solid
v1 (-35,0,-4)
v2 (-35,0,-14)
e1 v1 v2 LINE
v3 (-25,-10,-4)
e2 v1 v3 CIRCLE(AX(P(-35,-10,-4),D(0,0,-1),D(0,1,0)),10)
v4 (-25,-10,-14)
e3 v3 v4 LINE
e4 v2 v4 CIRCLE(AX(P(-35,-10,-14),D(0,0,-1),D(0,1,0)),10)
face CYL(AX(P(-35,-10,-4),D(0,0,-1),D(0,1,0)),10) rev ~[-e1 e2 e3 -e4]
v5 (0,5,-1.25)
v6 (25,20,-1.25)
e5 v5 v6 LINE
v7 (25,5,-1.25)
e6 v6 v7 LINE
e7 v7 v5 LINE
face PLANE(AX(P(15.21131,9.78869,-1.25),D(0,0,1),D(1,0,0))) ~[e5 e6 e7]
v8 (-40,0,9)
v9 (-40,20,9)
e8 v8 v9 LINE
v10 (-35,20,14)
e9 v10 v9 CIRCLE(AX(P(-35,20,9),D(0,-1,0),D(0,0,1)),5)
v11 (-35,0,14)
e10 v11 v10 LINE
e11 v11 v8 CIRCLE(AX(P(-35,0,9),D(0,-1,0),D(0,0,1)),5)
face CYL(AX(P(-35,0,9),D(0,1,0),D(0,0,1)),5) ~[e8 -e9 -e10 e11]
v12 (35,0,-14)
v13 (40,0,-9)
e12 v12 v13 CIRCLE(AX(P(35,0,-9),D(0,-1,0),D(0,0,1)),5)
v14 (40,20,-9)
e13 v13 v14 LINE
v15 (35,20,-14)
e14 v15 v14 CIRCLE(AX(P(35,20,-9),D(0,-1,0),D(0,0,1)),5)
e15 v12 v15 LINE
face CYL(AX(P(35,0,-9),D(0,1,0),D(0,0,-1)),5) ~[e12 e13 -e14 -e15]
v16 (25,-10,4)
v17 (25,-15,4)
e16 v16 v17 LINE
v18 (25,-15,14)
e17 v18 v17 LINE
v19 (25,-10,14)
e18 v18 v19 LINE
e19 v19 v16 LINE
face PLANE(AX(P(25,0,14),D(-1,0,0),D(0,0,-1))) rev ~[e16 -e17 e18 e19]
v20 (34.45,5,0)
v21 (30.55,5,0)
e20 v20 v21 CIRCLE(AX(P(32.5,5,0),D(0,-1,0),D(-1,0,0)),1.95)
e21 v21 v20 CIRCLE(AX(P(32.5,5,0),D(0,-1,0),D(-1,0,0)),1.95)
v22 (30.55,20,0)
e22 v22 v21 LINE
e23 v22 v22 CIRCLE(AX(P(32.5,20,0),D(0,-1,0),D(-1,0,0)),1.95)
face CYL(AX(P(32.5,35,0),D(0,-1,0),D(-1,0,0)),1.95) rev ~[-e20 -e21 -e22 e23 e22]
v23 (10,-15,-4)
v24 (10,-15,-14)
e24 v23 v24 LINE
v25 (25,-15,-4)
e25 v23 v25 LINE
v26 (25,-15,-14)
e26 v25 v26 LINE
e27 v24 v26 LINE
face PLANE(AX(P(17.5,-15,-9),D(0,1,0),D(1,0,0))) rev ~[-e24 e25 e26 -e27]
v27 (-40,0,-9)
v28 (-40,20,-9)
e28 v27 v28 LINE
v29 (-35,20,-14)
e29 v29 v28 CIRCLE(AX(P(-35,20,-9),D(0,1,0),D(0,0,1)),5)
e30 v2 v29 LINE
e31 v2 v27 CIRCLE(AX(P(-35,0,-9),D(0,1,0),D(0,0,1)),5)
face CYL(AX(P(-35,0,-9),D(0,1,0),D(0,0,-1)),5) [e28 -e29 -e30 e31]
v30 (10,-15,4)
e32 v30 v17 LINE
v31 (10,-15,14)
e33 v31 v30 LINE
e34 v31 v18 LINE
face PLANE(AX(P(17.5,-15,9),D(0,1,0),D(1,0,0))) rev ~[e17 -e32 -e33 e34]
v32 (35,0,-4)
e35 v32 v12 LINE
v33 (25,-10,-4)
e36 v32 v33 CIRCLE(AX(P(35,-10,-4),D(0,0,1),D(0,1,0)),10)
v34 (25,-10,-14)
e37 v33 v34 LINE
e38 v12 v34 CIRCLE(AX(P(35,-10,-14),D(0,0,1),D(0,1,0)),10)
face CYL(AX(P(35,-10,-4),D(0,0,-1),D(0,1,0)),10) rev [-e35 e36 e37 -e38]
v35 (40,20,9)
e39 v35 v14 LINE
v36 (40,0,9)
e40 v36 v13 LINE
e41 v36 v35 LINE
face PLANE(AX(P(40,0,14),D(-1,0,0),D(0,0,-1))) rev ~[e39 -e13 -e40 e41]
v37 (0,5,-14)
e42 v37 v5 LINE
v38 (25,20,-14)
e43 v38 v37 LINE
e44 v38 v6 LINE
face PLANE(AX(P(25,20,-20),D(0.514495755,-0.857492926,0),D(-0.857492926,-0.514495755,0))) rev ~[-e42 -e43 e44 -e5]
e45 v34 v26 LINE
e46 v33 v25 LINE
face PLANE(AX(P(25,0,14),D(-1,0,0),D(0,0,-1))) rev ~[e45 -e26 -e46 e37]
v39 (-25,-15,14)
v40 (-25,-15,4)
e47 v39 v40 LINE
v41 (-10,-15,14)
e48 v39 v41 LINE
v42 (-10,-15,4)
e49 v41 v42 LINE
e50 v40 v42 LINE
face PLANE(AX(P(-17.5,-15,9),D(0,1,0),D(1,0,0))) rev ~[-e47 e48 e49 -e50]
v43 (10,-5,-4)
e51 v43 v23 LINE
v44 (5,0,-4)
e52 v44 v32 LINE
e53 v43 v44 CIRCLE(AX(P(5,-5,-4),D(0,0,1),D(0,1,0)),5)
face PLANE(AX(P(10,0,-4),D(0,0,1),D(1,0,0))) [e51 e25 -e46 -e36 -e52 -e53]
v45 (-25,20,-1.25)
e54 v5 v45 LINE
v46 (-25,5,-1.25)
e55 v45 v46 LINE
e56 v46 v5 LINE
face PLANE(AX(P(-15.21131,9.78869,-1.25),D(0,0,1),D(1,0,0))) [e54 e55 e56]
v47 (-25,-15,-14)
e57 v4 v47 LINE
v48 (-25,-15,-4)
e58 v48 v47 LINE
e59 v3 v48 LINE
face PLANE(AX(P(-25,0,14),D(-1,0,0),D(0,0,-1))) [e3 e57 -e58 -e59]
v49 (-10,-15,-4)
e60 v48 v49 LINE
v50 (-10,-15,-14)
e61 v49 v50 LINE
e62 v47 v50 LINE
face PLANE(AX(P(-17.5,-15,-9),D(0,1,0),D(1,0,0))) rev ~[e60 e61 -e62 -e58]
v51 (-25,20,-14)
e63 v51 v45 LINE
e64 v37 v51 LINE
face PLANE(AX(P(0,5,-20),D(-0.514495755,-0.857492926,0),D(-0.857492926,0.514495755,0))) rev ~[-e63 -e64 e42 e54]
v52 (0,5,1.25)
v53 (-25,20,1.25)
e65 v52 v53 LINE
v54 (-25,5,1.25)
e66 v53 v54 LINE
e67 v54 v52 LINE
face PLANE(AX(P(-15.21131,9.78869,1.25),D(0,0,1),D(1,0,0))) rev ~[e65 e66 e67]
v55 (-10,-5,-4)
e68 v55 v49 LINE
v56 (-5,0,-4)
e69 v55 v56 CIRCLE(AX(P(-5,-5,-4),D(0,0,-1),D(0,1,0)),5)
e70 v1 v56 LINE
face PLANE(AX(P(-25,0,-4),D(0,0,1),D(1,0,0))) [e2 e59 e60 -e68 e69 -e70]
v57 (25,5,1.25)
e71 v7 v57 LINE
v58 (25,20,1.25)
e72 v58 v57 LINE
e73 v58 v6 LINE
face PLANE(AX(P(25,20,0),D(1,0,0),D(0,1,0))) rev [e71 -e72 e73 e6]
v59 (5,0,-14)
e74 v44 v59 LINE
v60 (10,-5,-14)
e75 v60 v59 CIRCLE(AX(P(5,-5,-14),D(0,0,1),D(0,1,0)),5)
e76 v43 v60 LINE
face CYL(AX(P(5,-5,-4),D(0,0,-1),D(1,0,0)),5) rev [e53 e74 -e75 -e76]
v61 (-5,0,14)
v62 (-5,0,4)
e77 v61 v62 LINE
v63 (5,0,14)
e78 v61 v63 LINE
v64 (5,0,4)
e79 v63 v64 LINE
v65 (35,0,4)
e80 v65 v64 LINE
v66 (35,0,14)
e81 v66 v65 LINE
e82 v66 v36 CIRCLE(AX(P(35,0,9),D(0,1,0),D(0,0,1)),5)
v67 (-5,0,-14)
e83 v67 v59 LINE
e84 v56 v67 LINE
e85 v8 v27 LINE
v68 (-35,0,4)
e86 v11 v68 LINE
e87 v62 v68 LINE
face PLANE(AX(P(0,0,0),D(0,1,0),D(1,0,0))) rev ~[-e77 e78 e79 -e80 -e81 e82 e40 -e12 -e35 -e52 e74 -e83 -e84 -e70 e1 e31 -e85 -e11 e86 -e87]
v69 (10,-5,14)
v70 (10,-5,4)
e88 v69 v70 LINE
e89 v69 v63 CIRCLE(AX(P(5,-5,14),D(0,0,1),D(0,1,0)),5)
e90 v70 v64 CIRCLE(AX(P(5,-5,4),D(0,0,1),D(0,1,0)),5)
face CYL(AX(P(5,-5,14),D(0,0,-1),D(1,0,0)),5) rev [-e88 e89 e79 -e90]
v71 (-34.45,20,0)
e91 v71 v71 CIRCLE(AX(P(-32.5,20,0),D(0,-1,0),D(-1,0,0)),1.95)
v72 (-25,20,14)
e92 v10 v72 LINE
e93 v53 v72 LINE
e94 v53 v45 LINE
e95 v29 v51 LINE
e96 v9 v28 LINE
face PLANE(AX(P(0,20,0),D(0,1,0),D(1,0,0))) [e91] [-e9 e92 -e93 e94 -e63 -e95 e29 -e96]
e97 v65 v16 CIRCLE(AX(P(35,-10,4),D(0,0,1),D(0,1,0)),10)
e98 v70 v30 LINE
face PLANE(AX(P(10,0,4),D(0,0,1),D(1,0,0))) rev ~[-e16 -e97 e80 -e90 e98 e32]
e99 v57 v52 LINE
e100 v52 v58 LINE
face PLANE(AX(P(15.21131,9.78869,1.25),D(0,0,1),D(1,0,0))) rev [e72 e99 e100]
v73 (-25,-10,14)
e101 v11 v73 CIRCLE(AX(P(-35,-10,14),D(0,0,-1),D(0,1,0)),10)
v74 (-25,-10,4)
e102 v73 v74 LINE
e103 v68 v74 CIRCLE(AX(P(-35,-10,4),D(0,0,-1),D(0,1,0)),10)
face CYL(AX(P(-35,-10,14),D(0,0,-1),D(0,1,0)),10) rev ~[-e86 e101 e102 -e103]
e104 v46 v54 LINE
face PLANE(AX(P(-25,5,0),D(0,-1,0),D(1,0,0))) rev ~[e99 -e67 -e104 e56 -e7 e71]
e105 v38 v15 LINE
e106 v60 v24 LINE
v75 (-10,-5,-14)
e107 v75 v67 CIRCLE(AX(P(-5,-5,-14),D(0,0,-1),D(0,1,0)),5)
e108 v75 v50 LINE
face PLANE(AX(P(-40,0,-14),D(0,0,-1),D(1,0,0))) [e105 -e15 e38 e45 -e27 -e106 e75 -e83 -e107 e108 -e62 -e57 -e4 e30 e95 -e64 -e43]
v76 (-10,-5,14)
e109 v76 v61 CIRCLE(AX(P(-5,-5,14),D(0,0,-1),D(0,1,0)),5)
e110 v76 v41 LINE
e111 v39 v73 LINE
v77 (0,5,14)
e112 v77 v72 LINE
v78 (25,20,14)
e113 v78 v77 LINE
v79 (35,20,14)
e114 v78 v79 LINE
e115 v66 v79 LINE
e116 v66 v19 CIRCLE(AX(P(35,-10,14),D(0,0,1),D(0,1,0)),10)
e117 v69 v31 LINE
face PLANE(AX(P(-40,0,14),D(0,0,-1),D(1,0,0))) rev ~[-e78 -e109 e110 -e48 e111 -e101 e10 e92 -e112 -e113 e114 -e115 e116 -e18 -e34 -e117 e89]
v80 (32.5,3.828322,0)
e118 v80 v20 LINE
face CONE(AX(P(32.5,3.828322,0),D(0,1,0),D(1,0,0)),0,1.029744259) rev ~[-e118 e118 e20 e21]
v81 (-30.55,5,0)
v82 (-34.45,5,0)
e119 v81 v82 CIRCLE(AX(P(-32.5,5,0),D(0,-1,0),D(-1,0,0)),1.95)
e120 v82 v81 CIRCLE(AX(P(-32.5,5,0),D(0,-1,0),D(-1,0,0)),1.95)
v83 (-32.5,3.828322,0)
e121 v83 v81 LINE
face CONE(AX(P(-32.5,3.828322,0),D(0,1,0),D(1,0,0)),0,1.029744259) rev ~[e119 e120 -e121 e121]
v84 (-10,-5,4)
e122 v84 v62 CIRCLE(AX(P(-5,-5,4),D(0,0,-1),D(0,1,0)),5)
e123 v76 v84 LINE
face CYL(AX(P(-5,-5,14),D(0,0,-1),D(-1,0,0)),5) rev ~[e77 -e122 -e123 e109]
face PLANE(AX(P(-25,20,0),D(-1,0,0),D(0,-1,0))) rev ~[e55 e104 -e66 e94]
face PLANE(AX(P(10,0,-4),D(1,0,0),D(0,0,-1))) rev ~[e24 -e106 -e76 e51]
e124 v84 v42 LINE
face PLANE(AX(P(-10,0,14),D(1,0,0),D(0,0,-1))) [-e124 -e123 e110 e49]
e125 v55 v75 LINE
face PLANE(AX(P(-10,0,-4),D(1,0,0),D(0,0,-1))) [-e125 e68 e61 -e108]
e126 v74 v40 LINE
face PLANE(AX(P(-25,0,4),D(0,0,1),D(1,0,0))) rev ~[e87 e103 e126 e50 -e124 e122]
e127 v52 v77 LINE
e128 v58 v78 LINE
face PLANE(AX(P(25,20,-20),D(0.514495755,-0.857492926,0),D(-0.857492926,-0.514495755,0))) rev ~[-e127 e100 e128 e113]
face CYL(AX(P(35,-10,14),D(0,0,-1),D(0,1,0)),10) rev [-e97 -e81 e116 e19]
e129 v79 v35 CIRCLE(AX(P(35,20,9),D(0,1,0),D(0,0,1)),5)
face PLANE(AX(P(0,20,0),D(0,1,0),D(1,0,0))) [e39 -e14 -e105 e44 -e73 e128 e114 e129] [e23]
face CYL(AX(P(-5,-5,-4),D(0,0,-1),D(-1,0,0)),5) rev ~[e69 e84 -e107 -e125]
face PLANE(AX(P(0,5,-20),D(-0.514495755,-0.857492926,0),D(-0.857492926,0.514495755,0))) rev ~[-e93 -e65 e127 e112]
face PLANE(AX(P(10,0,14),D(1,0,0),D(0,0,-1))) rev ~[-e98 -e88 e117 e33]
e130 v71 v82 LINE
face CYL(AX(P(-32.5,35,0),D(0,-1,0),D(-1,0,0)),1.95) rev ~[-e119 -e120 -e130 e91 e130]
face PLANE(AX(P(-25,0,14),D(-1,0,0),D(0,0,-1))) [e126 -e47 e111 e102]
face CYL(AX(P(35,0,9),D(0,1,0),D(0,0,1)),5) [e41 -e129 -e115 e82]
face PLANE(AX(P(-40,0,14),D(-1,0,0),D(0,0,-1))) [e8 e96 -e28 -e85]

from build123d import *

# Parameters (mm, degrees)
SKETCH1_W                  = 15
SKETCH1_H                  = 10
BOSS_EXTRUDE1_DEPTH        = 15
BOSS_EXTRUDE1_2_DEPTH      = 15
BOSS_EXTRUDE1_3_DEPTH      = 15
BOSS_EXTRUDE1_4_DEPTH      = 15
SKETCH2_W                  = 50
SKETCH2_H                  = 28
BOSS_EXTRUDE2_DEPTH        = 5
SKETCH4_W                  = 80
SKETCH4_H                  = 28
BOSS_EXTRUDE3_DEPTH        = 20
CUT_EXTRUDE1_DEPTH         = 20
CUT_EXTRUDE1_DEPTH_BACK    = 20
CUT_EXTRUDE2_DEPTH         = 1.25
M3_5_CLEARANCE_HOLE1_D     = 3.9
M3_5_CLEARANCE_HOLE1_DEPTH = 15
M3_5_CLEARANCE_HOLE1_TIP   = 1.171678207
FILLET1_R                  = 10
FILLET2_R                  = 5
FILLET3_R                  = 5


with BuildPart() as part:
    # Sketch1 → Boss-Extrude1 (new body)
    with BuildSketch(Plane(origin=(0, 0, 0), x_dir=(1, 0, 0), z_dir=(0, 1, 0))):
        with Locations((-17.5, 9)):
            Rectangle(SKETCH1_W, SKETCH1_H)
    extrude(amount=-BOSS_EXTRUDE1_DEPTH)



with BuildPart() as body_2:
    # Sketch1 → Boss-Extrude1 2 (new body)
    with BuildSketch(Plane(origin=(0, 0, 0), x_dir=(1, 0, 0), z_dir=(0, 1, 0))):
        with Locations((17.5, 9)):
            Rectangle(SKETCH1_W, SKETCH1_H)
    extrude(amount=-BOSS_EXTRUDE1_2_DEPTH)


with BuildPart() as body_3:
    # Sketch1 → Boss-Extrude1 3 (new body)
    with BuildSketch(Plane(origin=(0, 0, 0), x_dir=(1, 0, 0), z_dir=(0, 1, 0))):
        with Locations((17.5, -9)):
            Rectangle(SKETCH1_W, SKETCH1_H)
    extrude(amount=-BOSS_EXTRUDE1_3_DEPTH)


with BuildPart() as body_4:
    # Sketch1 → Boss-Extrude1 4 (new body)
    with BuildSketch(Plane(origin=(0, 0, 0), x_dir=(1, 0, 0), z_dir=(0, 1, 0))):
        with Locations((-17.5, -9)):
            Rectangle(SKETCH1_W, SKETCH1_H)
    extrude(amount=-BOSS_EXTRUDE1_4_DEPTH)


with BuildPart() as part_1:
    add(part.part)

    add(body_2.part)  # Boss-Extrude2 merges body 2

    add(body_3.part)  # Boss-Extrude2 merges body 3

    add(body_4.part)  # Boss-Extrude2 merges body 4
    # Sketch2 → Boss-Extrude2 (add)
    with BuildSketch(Plane(origin=(0, 0, 0), x_dir=(1, 0, 0), z_dir=(0, 1, 0))):
        Rectangle(SKETCH2_W, SKETCH2_H)
    extrude(amount=BOSS_EXTRUDE2_DEPTH)

    # Sketch4 → Boss-Extrude3 (add)
    with BuildSketch(Plane(origin=(0, 0, 0), x_dir=(1, 0, 0), z_dir=(0, 1, 0))):
        Rectangle(SKETCH4_W, SKETCH4_H)
    extrude(amount=BOSS_EXTRUDE3_DEPTH)

    # Sketch5 → Cut-Extrude1 (cut, two sides: drawn at the far end of the back side and taken through both)
    with BuildSketch(Plane.XY.offset(-CUT_EXTRUDE1_DEPTH_BACK)):
        Polygon((-25, 20), (25, 20), (0, 5), align=None)
    extrude(amount=CUT_EXTRUDE1_DEPTH + CUT_EXTRUDE1_DEPTH_BACK, mode=Mode.SUBTRACT)

    # Sketch6 → Cut-Extrude2 (cut, symmetric)
    with BuildSketch(Plane.XY):
        Polygon((-25, 20), (-25, 5), (0, 5), align=None)
    cut_extrude2 = extrude(amount=CUT_EXTRUDE2_DEPTH, both=True, mode=Mode.SUBTRACT)

    # Mirror1: Cut-Extrude2 across plane
    add(cut_extrude2.mirror(Plane(origin=(0, 0, 0), x_dir=(0, 0, 1), z_dir=(1, 0, 0))), mode=Mode.SUBTRACT)

    # M3.5 Clearance Hole1
    with Locations(Plane(origin=(0, 20, 0), x_dir=(1, 0, 0), z_dir=(0, 1, 0))):
        with Locations((32.5, 0), (-32.5, 0)):
            Hole(M3_5_CLEARANCE_HOLE1_D / 2, depth=M3_5_CLEARANCE_HOLE1_DEPTH)
            with Locations((0, 0, -(M3_5_CLEARANCE_HOLE1_DEPTH + M3_5_CLEARANCE_HOLE1_TIP / 2))):  # 118° drill point
                Cone(0, M3_5_CLEARANCE_HOLE1_D / 2, M3_5_CLEARANCE_HOLE1_TIP, mode=Mode.SUBTRACT)

    # Fillet1
    fillet1_edges = [part_1.edges().sort_by_distance(p)[0] for p in [
        (-25, 0, -9),
        (-25, 0, 9),
        (25, 0, 9),
        (25, 0, -9),
    ]]
    fillet(fillet1_edges, radius=FILLET1_R)

    # Fillet2
    fillet2_edges = [part_1.edges().sort_by_distance(p)[0] for p in [
        (10, 0, -9),
        (10, 0, 9),
        (-10, 0, 9),
        (-10, 0, -9),
    ]]
    fillet(fillet2_edges, radius=FILLET2_R)

    # Fillet3
    fillet3_edges = [part_1.edges().sort_by_distance(p)[0] for p in [
        (-40, 10, -14),
        (-40, 10, 14),
        (40, 10, 14),
        (40, 10, -14),
    ]]
    fillet(fillet3_edges, radius=FILLET3_R)


solid = part_1.part
